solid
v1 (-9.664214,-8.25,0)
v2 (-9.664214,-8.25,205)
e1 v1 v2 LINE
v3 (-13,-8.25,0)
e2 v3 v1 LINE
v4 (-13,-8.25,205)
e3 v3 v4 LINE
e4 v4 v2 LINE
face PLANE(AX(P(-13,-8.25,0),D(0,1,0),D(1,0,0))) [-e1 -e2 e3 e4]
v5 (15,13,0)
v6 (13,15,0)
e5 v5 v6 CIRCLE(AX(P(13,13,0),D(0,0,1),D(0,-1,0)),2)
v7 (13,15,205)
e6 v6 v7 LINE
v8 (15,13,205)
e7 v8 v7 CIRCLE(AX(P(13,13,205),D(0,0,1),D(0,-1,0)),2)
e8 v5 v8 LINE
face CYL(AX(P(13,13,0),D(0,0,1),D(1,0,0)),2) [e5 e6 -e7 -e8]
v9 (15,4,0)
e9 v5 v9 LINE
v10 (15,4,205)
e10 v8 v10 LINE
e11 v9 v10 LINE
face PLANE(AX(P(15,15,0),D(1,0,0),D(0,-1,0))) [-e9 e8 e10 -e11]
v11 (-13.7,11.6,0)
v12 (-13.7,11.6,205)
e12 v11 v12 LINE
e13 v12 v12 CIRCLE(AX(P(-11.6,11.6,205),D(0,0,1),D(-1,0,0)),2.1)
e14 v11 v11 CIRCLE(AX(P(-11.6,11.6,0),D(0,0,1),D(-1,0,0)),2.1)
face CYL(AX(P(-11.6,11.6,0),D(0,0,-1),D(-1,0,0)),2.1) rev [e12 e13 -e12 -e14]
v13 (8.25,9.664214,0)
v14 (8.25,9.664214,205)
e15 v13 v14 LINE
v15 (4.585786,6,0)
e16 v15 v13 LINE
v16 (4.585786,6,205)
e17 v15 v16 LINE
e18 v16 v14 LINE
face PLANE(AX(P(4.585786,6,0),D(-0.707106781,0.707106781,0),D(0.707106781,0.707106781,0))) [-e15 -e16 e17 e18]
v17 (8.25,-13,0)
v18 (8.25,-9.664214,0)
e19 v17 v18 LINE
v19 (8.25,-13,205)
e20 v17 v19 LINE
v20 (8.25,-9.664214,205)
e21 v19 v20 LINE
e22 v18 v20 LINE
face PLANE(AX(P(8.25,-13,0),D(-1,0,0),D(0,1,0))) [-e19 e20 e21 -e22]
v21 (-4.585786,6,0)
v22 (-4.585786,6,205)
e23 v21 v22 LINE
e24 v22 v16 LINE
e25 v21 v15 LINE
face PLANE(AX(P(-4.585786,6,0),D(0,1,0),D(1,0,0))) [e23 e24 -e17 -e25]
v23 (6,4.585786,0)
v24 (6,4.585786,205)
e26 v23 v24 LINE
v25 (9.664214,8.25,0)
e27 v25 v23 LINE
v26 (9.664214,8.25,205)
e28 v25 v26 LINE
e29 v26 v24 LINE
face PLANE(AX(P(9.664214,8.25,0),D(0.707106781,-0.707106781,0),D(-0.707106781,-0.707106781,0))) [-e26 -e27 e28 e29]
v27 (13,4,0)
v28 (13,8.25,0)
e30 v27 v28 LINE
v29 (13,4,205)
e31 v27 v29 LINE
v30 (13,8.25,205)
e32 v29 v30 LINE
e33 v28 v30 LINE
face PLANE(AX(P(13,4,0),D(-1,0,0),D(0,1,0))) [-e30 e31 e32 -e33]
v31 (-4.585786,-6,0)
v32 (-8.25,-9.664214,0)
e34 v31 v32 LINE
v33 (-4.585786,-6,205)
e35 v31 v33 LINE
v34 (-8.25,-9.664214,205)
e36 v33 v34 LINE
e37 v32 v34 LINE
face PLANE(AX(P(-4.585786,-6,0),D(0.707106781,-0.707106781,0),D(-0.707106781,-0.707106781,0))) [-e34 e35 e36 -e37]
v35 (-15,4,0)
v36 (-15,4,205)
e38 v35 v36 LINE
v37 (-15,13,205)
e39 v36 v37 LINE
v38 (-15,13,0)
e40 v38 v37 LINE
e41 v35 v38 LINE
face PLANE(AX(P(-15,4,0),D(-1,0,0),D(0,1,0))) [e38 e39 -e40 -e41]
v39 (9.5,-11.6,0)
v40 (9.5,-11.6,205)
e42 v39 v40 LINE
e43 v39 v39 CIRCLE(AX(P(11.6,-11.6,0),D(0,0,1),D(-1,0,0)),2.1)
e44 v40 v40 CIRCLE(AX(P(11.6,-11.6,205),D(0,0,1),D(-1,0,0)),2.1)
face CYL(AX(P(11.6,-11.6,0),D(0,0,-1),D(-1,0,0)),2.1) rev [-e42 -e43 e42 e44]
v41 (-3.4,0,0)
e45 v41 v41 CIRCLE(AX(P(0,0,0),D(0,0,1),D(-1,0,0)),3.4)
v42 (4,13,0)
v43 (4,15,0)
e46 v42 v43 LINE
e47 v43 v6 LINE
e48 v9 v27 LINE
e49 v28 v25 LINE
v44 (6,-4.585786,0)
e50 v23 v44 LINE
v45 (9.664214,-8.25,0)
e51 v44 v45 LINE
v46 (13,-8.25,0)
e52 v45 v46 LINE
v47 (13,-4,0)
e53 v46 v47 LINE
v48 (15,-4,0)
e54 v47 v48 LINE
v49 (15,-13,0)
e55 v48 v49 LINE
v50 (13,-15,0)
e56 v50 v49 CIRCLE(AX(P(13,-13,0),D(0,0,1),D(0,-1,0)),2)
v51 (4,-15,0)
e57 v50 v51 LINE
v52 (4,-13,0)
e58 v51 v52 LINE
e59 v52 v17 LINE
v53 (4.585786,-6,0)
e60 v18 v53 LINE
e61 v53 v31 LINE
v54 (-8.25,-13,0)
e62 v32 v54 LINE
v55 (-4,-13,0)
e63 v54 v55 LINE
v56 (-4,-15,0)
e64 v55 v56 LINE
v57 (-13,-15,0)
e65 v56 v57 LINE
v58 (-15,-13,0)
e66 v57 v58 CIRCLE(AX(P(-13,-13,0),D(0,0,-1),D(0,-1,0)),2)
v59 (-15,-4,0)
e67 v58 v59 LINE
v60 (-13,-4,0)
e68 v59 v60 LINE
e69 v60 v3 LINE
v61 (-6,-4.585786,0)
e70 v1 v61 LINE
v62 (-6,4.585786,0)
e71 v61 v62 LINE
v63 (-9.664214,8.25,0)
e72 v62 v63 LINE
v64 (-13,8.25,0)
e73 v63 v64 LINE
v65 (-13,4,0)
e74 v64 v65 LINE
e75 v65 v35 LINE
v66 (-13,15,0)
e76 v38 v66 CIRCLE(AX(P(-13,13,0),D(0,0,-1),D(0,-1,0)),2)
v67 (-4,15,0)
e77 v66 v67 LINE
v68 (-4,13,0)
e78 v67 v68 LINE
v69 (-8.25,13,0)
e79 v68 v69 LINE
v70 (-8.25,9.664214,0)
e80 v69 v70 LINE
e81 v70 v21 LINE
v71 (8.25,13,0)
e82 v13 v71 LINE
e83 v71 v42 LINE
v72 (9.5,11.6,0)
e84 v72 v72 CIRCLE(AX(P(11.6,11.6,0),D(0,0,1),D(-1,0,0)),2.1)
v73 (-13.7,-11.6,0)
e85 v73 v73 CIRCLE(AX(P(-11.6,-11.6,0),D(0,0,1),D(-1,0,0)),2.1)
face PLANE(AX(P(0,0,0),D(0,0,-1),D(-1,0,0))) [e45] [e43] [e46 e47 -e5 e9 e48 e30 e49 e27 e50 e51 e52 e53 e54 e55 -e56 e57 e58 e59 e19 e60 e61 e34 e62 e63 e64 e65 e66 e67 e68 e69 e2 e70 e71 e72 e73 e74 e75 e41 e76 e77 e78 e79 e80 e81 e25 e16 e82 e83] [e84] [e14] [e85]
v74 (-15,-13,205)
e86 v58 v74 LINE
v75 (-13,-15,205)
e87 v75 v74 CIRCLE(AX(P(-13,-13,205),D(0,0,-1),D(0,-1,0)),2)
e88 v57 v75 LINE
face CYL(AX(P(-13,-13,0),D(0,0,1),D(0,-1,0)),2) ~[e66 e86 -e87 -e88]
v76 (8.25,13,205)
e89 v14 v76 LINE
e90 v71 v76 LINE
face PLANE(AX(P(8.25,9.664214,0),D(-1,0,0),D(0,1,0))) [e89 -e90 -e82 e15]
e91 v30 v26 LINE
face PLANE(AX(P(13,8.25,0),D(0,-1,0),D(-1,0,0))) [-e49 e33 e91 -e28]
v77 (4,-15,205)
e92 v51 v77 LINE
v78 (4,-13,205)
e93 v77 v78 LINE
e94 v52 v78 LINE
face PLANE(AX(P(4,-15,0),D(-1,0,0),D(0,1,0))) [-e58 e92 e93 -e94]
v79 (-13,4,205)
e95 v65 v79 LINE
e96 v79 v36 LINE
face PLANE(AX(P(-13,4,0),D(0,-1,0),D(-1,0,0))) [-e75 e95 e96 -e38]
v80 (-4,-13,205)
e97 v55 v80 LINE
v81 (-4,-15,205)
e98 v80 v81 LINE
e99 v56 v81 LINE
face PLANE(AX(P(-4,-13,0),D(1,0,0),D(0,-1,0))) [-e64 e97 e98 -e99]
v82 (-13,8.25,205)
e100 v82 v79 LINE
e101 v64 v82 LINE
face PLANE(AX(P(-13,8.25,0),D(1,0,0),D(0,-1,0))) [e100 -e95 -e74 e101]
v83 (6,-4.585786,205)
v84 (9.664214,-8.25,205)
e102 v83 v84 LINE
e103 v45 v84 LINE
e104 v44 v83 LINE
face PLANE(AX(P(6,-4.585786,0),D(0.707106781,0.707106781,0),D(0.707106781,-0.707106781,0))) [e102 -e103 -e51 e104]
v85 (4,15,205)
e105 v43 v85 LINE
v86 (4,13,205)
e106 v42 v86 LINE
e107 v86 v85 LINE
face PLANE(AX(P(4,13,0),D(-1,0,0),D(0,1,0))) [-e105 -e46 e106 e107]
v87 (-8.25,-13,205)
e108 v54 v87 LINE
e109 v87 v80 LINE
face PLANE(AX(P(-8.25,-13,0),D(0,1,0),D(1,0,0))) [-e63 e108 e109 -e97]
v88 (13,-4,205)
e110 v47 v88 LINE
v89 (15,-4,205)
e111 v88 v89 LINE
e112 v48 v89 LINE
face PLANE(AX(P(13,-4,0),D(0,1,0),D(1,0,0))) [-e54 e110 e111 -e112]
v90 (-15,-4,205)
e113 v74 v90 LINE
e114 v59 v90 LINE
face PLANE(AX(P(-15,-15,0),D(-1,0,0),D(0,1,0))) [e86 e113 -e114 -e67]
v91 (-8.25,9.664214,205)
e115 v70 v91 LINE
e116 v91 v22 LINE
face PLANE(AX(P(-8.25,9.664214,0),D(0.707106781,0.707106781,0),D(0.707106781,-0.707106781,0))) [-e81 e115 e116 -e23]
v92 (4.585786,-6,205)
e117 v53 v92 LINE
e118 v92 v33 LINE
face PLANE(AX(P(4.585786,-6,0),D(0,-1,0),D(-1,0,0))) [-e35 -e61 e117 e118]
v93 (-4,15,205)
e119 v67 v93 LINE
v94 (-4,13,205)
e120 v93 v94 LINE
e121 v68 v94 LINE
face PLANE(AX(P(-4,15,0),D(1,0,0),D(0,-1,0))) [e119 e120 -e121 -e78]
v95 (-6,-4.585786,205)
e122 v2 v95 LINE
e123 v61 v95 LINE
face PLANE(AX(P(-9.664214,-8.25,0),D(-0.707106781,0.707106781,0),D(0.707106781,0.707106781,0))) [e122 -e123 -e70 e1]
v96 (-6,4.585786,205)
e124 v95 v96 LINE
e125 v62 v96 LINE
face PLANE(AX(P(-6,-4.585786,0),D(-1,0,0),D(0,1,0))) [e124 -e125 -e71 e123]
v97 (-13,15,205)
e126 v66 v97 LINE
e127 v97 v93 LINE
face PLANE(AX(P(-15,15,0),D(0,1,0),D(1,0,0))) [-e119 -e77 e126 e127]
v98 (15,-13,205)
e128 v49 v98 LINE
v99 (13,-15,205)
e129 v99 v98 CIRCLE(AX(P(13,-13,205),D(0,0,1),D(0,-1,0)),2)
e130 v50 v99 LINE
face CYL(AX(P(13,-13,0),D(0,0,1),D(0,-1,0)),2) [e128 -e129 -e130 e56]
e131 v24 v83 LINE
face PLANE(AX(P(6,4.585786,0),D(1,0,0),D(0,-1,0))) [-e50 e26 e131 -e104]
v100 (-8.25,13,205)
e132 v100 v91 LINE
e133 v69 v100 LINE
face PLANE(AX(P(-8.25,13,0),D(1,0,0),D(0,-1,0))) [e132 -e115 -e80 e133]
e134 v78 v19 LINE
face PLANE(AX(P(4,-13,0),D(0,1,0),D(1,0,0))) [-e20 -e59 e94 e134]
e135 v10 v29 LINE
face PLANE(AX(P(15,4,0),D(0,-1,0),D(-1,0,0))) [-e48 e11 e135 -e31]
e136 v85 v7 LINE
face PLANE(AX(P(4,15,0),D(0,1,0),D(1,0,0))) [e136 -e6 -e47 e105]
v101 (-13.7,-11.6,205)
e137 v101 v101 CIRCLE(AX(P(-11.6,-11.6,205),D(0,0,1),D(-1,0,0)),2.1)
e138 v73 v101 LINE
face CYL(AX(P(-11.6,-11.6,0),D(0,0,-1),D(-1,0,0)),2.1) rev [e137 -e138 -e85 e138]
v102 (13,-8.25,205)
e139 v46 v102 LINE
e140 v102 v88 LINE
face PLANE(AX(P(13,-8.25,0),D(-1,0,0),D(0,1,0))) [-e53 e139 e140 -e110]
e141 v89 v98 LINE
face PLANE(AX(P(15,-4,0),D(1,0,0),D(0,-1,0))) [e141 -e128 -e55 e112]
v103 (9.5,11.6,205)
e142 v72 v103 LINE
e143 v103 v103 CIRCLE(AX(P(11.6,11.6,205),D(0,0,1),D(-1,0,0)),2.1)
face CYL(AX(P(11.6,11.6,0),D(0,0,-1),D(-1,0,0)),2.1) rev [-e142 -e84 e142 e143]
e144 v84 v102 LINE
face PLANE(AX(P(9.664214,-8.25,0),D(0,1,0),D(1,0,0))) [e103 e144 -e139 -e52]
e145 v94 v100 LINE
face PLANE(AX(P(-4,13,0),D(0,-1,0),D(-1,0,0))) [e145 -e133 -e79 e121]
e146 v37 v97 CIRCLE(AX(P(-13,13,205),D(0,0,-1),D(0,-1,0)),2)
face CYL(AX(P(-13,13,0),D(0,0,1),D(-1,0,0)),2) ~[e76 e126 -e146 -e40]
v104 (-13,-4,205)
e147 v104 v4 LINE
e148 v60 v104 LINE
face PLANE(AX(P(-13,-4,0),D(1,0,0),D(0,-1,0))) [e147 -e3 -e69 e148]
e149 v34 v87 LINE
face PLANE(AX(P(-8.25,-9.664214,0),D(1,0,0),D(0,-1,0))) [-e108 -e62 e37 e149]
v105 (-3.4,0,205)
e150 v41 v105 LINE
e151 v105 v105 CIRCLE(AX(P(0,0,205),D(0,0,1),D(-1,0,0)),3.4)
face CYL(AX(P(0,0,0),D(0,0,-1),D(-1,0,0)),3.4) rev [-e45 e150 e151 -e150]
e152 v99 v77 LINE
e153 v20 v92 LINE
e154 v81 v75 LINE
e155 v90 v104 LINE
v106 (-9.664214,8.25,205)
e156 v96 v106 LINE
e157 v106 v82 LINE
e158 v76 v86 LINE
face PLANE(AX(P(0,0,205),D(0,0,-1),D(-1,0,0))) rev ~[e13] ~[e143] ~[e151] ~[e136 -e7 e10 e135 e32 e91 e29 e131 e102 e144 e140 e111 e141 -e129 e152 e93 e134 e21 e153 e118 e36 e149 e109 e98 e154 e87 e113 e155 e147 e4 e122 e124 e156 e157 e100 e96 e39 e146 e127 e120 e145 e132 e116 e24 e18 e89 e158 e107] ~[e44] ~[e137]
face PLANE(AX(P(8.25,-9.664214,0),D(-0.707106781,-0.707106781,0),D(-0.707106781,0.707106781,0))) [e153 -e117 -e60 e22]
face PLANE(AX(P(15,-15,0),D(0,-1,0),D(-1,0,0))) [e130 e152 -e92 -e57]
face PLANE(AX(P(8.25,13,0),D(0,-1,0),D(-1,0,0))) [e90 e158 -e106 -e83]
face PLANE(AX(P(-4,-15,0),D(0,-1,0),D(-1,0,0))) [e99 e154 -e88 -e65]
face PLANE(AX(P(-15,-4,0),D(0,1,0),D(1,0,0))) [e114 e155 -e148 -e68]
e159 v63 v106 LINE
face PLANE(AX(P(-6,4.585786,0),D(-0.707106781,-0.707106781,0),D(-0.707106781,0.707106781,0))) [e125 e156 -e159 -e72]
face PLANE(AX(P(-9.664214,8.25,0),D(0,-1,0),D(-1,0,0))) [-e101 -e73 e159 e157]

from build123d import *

# Parameters (mm, degrees)
SKETCH1_R           = 3.4
SKETCH1_R_2         = 2.1
BOSS_EXTRUDE1_DEPTH = 205
FILLET1_R           = 2


with BuildPart() as part:
    # Sketch1 → Boss-Extrude1 (new body)
    with BuildSketch(Plane.XY):
        Polygon((15, -15), (4, -15), (4, -13), (8.25, -13), (8.25, -9.664213562), (4.585786438, -6), (-4.585786438, -6), (-8.25, -9.664213562), (-8.25, -13), (-4, -13), (-4, -15), (-15, -15), (-15, -4), (-13, -4), (-13, -8.25), (-9.664213562, -8.25), (-6, -4.585786438), (-6, 4.585786438), (-9.664213562, 8.25), (-13, 8.25), (-13, 4), (-15, 4), (-15, 15), (-4, 15), (-4, 13), (-8.25, 13), (-8.25, 9.664213562), (-4.585786438, 6), (4.585786438, 6), (8.25, 9.664213562), (8.25, 13), (4, 13), (4, 15), (15, 15), (15, 4), (13, 4), (13, 8.25), (9.664213562, 8.25), (6, 4.585786438), (6, -4.585786438), (9.664213562, -8.25), (13, -8.25), (13, -4), (15, -4), align=None)
        with Locations(Location((0, 0, 0), (0, 0, 180))):
            Circle(SKETCH1_R, mode=Mode.SUBTRACT)
        with Locations(Location((-11.6, 11.6, 0), (0, 0, 180))):
            Circle(SKETCH1_R_2, mode=Mode.SUBTRACT)
        with Locations(Location((11.6, 11.6, 0), (0, 0, 180))):
            Circle(SKETCH1_R_2, mode=Mode.SUBTRACT)
        with Locations(Location((11.6, -11.6, 0), (0, 0, 180))):
            Circle(SKETCH1_R_2, mode=Mode.SUBTRACT)
        with Locations(Location((-11.6, -11.6, 0), (0, 0, 180))):
            Circle(SKETCH1_R_2, mode=Mode.SUBTRACT)
    extrude(amount=BOSS_EXTRUDE1_DEPTH)

    # Fillet1
    fillet1_edges = [part.edges().sort_by_distance(p)[0] for p in [
        (-15, -15, 102.5),
        (-15, 15, 102.5),
        (15, 15, 102.5),
        (15, -15, 102.5),
    ]]
    fillet(fillet1_edges, radius=FILLET1_R)


solid = part.part
